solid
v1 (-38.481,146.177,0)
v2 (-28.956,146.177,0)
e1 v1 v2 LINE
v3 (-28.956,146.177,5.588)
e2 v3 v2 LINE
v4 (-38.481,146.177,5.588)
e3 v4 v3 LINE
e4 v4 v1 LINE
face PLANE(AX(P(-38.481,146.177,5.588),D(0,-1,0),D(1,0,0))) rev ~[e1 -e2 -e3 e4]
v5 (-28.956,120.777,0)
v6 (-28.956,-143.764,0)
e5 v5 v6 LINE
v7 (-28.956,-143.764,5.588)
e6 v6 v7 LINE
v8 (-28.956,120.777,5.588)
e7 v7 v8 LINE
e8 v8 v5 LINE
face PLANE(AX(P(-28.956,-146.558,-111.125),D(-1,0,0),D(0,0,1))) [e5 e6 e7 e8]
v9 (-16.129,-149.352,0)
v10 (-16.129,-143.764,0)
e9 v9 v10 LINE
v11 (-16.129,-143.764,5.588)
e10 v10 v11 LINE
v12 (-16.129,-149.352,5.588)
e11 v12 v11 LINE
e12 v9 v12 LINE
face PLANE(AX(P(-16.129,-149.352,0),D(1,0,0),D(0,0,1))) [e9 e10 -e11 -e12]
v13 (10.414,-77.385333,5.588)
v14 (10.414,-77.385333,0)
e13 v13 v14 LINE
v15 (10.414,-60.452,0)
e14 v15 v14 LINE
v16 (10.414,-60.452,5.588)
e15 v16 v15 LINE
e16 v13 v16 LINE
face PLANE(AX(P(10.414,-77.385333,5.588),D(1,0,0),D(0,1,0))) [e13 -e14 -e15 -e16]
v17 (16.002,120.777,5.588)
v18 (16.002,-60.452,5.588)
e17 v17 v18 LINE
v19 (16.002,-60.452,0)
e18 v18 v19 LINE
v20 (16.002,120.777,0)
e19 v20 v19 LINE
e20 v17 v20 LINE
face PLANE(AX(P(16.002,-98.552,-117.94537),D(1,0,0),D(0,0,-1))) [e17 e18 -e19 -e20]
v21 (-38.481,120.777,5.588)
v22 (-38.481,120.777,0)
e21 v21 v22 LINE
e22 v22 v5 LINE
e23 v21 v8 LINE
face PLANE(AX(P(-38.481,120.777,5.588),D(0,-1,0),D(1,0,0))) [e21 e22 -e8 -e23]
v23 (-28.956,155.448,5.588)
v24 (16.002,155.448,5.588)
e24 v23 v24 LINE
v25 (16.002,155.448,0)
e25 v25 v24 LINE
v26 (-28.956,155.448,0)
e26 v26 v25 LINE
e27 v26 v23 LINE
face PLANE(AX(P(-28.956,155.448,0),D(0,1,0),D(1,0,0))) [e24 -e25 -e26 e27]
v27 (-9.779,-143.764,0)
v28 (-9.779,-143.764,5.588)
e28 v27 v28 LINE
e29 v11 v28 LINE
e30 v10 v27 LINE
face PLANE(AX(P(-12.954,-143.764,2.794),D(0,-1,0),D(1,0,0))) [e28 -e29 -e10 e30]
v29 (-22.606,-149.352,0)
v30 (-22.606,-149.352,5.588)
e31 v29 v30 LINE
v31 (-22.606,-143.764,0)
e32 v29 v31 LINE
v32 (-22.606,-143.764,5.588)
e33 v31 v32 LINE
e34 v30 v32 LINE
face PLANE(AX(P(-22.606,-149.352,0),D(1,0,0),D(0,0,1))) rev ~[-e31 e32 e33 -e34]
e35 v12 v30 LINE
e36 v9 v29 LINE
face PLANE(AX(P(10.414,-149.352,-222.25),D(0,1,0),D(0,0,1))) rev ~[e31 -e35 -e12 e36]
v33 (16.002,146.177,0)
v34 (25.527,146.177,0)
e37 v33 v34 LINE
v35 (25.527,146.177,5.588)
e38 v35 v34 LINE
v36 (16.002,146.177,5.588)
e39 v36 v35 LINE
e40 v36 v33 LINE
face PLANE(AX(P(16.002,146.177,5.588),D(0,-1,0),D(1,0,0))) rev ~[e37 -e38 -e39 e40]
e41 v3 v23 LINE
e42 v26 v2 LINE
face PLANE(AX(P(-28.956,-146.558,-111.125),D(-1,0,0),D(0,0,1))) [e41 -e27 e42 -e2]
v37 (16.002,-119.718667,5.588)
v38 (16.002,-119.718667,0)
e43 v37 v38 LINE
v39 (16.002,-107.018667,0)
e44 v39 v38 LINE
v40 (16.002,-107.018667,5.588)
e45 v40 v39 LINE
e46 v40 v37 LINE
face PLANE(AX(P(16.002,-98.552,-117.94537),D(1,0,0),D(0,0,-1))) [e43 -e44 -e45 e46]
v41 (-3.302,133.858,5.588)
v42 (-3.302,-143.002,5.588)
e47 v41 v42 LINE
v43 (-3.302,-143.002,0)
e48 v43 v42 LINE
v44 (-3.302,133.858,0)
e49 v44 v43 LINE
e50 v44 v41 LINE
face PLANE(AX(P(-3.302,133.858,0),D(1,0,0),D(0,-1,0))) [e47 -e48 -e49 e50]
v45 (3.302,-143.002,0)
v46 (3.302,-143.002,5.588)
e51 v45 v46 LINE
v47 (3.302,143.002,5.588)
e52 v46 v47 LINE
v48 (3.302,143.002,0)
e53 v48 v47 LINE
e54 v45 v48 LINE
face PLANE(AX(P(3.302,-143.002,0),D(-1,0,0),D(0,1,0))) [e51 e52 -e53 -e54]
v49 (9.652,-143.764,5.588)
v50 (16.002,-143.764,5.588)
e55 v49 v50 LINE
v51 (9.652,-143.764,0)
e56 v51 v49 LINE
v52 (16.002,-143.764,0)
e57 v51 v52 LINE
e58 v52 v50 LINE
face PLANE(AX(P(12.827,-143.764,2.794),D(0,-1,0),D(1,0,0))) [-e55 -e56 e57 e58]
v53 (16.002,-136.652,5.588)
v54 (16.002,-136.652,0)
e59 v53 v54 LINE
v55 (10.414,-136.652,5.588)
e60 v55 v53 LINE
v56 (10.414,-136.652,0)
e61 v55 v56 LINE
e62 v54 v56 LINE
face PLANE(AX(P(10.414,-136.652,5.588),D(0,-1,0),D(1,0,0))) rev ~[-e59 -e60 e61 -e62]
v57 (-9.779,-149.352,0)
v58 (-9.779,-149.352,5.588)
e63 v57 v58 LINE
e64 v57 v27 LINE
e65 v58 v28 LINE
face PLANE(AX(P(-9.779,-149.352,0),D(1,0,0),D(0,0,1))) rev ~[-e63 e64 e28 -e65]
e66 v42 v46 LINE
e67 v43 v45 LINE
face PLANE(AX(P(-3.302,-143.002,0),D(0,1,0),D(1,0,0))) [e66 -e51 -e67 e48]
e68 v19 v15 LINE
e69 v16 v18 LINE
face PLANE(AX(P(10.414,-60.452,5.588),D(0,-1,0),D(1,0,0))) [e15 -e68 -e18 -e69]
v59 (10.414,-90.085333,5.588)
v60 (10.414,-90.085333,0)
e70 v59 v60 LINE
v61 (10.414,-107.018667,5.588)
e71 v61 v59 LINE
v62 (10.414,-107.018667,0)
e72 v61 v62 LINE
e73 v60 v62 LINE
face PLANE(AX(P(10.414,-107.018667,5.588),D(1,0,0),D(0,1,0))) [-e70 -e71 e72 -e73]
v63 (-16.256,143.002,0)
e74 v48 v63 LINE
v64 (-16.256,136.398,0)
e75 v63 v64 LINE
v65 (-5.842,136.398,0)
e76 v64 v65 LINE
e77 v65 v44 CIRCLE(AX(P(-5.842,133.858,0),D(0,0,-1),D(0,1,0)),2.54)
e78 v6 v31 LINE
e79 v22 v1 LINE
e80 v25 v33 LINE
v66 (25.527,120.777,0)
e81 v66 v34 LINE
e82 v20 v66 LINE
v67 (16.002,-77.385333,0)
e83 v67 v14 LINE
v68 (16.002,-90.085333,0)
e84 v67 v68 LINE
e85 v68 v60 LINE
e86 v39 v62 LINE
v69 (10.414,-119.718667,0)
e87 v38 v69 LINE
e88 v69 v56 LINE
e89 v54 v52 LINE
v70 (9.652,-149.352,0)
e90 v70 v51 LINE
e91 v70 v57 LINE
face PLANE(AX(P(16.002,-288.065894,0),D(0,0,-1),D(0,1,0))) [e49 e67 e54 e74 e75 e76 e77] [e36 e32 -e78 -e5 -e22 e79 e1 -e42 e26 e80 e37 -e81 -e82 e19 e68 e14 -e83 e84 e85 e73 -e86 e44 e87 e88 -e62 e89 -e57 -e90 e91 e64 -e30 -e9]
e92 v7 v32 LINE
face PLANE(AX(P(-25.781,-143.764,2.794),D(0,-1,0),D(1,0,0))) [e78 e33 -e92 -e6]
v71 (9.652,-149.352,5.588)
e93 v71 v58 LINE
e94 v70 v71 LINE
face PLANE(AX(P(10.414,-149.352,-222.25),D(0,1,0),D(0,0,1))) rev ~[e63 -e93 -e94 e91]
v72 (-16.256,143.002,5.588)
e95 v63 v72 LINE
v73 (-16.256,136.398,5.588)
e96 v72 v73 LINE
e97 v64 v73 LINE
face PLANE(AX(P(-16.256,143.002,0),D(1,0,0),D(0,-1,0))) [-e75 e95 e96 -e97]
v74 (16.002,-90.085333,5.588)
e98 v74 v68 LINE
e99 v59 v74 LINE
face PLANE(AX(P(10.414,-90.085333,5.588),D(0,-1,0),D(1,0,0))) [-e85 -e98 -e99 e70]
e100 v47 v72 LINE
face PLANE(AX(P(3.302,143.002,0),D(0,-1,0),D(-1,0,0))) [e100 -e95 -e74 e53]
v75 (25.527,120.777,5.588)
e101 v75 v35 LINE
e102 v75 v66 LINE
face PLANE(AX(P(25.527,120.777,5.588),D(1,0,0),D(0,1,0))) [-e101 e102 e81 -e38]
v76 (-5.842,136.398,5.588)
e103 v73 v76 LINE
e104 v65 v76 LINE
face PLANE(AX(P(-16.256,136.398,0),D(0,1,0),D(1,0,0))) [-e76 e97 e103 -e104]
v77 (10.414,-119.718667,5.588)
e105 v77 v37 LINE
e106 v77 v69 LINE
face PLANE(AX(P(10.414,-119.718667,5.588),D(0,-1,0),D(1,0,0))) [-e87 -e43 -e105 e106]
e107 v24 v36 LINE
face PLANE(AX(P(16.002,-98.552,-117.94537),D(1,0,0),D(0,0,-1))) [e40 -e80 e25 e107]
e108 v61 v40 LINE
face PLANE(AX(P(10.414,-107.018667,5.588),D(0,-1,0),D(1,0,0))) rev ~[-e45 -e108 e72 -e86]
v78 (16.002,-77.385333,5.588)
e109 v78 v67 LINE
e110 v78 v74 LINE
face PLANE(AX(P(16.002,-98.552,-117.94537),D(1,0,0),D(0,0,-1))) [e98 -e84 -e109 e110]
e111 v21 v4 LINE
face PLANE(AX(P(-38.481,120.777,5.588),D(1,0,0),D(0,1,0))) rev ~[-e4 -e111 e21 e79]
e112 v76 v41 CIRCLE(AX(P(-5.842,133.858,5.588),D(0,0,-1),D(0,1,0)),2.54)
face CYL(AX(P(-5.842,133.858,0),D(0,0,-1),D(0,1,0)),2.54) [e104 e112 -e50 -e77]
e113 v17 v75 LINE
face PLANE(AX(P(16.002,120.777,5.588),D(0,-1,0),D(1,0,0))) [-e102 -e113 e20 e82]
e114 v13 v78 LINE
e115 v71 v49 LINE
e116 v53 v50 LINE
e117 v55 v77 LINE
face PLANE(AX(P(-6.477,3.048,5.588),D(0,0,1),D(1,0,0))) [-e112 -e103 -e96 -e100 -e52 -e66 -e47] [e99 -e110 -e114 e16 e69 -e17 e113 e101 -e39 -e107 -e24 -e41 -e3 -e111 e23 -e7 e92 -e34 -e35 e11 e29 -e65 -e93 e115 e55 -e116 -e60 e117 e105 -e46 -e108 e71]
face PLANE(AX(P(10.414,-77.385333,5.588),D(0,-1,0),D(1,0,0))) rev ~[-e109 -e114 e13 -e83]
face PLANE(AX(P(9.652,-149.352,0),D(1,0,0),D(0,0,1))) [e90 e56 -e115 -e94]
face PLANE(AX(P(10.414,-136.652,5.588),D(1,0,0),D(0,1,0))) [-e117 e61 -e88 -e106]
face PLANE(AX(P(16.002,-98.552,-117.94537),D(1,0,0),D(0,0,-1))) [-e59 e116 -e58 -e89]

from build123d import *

# Parameters (mm, degrees)
SKETCH1_W           = 44.958
SKETCH1_H           = 304.8
BOSS_EXTRUDE1_DEPTH = 5.588
SKETCH2_W           = 5.588
SKETCH2_H           = 101.6
BOSS_EXTRUDE2_DEPTH = 5.588
SKETCH3_W           = 222.25
SKETCH3_H           = 5.588
BOSS_EXTRUDE3_DEPTH = 39.37
SKETCH7_W           = 327.022738736
SKETCH7_H           = 279.435650021
CUT_EXTRUDE1_DEPTH  = 45.958
SKETCH4_W           = 6.35
SKETCH4_H           = 5.588
SKETCH4_H_2         = 12.7
CUT_EXTRUDE2_DEPTH  = 5.588
SKETCH6_W           = 5.588
SKETCH6_H           = 16.933333333
SKETCH6_H_2         = 16.933333334
CUT_EXTRUDE3_DEPTH  = 6.588
SKETCH8_W           = 9.525
SKETCH8_H           = 25.4
BOSS_EXTRUDE4_DEPTH = 5.588


with BuildPart() as part:
    # Sketch1 → Boss-Extrude1 (new body)
    with BuildSketch(Plane.XY):
        with Locations((-6.477, 3.048)):
            Rectangle(SKETCH1_W, SKETCH1_H)
        with BuildLine():
            Line((-3.302, 133.858), (-3.302, -143.002))
            Line((-3.302, -143.002), (3.302, -143.002))
            Line((3.302, -143.002), (3.302, 143.002))
            Line((3.302, 143.002), (-16.256, 143.002))
            Line((-16.256, 143.002), (-16.256, 136.398))
            Line((-16.256, 136.398), (-5.842, 136.398))
            ThreePointArc((-5.842, 136.398), (-4.045948776, 135.654051224), (-3.302, 133.858))
        make_face(mode=Mode.SUBTRACT)
    extrude(amount=BOSS_EXTRUDE1_DEPTH)

    # Sketch2 → Boss-Extrude2 (add)
    with BuildSketch(Plane(origin=(16.002, 0, 0), x_dir=(0, 0, -1), z_dir=(1, 0, 0))):
        Polygon((222.25, -60.452), (222.25, -47.752), (0, -47.752), (0, -149.352), (222.25, -149.352), (222.25, -136.652), (228.6, -136.652), (228.6, -119.718666667), (222.25, -119.718666667), (222.25, -107.018666667), (228.6, -107.018666667), (228.6, -90.085333333), (222.25, -90.085333333), (222.25, -77.385333333), (228.6, -77.385333333), (228.6, -60.452), align=None)
        with BuildLine():
            ThreePointArc((11.4, -116.592), (9.9, -118.092), (8.4, -116.592))
            Line((8.4, -116.592), (8.4, -111.512))
            ThreePointArc((8.4, -111.512), (9.9, -110.012), (11.4, -111.512))
            Line((11.4, -111.512), (11.4, -116.592))
        make_face(mode=Mode.SUBTRACT)
        with BuildLine():
            Line((42.4, -111.512), (42.4, -116.592))
            ThreePointArc((42.4, -116.592), (40.9, -118.092), (39.4, -116.592))
            Line((39.4, -116.592), (39.4, -111.512))
            ThreePointArc((39.4, -111.512), (40.9, -110.012), (42.4, -111.512))
        make_face(mode=Mode.SUBTRACT)
        with BuildLine():
            ThreePointArc((36.4, -101.092), (25.4, -112.092), (14.4, -101.092))
            Line((14.4, -101.092), (14.4, -96.012))
            ThreePointArc((14.4, -96.012), (25.4, -85.012), (36.4, -96.012))
            Line((36.4, -96.012), (36.4, -101.092))
        make_face(mode=Mode.SUBTRACT)
        with BuildLine():
            ThreePointArc((11.4, -85.592), (9.9, -87.092), (8.4, -85.592))
            Line((8.4, -85.592), (8.4, -80.512))
            ThreePointArc((8.4, -80.512), (9.9, -79.012), (11.4, -80.512))
            Line((11.4, -80.512), (11.4, -85.592))
        make_face(mode=Mode.SUBTRACT)
        with BuildLine():
            ThreePointArc((42.4, -85.592), (40.9, -87.092), (39.4, -85.592))
            Line((39.4, -85.592), (39.4, -80.512))
            ThreePointArc((39.4, -80.512), (40.9, -79.012), (42.4, -80.512))
            Line((42.4, -80.512), (42.4, -85.592))
        make_face(mode=Mode.SUBTRACT)
        with Locations((-2.794, -98.552)):
            Rectangle(SKETCH2_W, SKETCH2_H)
    extrude(amount=-BOSS_EXTRUDE2_DEPTH)

    # Sketch3 → Boss-Extrude3 (add)
    with BuildSketch(Plane.ZY.offset(-10.414)):
        with Locations((-111.125, -146.558)):
            Rectangle(SKETCH3_W, SKETCH3_H)
    extrude(amount=BOSS_EXTRUDE3_DEPTH)

    # Sketch7 → Cut-Extrude1 (cut, through all)
    with BuildSketch(Plane(origin=(16.002, 0, 0), x_dir=(0, 0, -1), z_dir=(1, 0, 0))):
        with Locations((163.511369368, -148.348068682)):
            Rectangle(SKETCH7_W, SKETCH7_H)
    extrude(amount=-CUT_EXTRUDE1_DEPTH, mode=Mode.SUBTRACT)

    # Sketch4 → Cut-Extrude2 (cut)
    with BuildSketch(Plane.XZ.offset(149.352)):
        with Locations((-12.954, 2.794)):
            Rectangle(SKETCH4_W, SKETCH4_H)
        with Locations((12.827, 2.794)):
            Rectangle(SKETCH4_W, SKETCH4_H)
        with Locations((-25.781, 2.794)):
            Rectangle(SKETCH4_W, SKETCH4_H)
        with Locations((12.827, -135.22325)):
            Rectangle(SKETCH4_W, SKETCH4_H_2)
        with Locations((12.827, -54.5465)):
            Rectangle(SKETCH4_W, SKETCH4_H_2)
        with Locations((12.827, -162.1155)):
            Rectangle(SKETCH4_W, SKETCH4_H_2)
    extrude(amount=-CUT_EXTRUDE2_DEPTH, mode=Mode.SUBTRACT)

    # Sketch6 → Cut-Extrude3 (cut, through all)
    with BuildSketch(Plane.XY.offset(5.588)):
        with Locations((13.208, -68.918666667)):
            Rectangle(SKETCH6_W, SKETCH6_H)
        with Locations((13.208, -98.552)):
            Rectangle(SKETCH6_W, SKETCH6_H_2)
        with Locations((13.208, -128.185333334)):
            Rectangle(SKETCH6_W, SKETCH6_H)
    extrude(amount=-CUT_EXTRUDE3_DEPTH, mode=Mode.SUBTRACT)

    # Sketch8 → Boss-Extrude4 (add)
    with BuildSketch(Plane.XY.offset(5.588)):
        with Locations((-33.7185, 133.477)):
            Rectangle(SKETCH8_W, SKETCH8_H)
        with Locations((20.7645, 133.477)):
            Rectangle(SKETCH8_W, SKETCH8_H)
    extrude(amount=-BOSS_EXTRUDE4_DEPTH)


solid = part.part
